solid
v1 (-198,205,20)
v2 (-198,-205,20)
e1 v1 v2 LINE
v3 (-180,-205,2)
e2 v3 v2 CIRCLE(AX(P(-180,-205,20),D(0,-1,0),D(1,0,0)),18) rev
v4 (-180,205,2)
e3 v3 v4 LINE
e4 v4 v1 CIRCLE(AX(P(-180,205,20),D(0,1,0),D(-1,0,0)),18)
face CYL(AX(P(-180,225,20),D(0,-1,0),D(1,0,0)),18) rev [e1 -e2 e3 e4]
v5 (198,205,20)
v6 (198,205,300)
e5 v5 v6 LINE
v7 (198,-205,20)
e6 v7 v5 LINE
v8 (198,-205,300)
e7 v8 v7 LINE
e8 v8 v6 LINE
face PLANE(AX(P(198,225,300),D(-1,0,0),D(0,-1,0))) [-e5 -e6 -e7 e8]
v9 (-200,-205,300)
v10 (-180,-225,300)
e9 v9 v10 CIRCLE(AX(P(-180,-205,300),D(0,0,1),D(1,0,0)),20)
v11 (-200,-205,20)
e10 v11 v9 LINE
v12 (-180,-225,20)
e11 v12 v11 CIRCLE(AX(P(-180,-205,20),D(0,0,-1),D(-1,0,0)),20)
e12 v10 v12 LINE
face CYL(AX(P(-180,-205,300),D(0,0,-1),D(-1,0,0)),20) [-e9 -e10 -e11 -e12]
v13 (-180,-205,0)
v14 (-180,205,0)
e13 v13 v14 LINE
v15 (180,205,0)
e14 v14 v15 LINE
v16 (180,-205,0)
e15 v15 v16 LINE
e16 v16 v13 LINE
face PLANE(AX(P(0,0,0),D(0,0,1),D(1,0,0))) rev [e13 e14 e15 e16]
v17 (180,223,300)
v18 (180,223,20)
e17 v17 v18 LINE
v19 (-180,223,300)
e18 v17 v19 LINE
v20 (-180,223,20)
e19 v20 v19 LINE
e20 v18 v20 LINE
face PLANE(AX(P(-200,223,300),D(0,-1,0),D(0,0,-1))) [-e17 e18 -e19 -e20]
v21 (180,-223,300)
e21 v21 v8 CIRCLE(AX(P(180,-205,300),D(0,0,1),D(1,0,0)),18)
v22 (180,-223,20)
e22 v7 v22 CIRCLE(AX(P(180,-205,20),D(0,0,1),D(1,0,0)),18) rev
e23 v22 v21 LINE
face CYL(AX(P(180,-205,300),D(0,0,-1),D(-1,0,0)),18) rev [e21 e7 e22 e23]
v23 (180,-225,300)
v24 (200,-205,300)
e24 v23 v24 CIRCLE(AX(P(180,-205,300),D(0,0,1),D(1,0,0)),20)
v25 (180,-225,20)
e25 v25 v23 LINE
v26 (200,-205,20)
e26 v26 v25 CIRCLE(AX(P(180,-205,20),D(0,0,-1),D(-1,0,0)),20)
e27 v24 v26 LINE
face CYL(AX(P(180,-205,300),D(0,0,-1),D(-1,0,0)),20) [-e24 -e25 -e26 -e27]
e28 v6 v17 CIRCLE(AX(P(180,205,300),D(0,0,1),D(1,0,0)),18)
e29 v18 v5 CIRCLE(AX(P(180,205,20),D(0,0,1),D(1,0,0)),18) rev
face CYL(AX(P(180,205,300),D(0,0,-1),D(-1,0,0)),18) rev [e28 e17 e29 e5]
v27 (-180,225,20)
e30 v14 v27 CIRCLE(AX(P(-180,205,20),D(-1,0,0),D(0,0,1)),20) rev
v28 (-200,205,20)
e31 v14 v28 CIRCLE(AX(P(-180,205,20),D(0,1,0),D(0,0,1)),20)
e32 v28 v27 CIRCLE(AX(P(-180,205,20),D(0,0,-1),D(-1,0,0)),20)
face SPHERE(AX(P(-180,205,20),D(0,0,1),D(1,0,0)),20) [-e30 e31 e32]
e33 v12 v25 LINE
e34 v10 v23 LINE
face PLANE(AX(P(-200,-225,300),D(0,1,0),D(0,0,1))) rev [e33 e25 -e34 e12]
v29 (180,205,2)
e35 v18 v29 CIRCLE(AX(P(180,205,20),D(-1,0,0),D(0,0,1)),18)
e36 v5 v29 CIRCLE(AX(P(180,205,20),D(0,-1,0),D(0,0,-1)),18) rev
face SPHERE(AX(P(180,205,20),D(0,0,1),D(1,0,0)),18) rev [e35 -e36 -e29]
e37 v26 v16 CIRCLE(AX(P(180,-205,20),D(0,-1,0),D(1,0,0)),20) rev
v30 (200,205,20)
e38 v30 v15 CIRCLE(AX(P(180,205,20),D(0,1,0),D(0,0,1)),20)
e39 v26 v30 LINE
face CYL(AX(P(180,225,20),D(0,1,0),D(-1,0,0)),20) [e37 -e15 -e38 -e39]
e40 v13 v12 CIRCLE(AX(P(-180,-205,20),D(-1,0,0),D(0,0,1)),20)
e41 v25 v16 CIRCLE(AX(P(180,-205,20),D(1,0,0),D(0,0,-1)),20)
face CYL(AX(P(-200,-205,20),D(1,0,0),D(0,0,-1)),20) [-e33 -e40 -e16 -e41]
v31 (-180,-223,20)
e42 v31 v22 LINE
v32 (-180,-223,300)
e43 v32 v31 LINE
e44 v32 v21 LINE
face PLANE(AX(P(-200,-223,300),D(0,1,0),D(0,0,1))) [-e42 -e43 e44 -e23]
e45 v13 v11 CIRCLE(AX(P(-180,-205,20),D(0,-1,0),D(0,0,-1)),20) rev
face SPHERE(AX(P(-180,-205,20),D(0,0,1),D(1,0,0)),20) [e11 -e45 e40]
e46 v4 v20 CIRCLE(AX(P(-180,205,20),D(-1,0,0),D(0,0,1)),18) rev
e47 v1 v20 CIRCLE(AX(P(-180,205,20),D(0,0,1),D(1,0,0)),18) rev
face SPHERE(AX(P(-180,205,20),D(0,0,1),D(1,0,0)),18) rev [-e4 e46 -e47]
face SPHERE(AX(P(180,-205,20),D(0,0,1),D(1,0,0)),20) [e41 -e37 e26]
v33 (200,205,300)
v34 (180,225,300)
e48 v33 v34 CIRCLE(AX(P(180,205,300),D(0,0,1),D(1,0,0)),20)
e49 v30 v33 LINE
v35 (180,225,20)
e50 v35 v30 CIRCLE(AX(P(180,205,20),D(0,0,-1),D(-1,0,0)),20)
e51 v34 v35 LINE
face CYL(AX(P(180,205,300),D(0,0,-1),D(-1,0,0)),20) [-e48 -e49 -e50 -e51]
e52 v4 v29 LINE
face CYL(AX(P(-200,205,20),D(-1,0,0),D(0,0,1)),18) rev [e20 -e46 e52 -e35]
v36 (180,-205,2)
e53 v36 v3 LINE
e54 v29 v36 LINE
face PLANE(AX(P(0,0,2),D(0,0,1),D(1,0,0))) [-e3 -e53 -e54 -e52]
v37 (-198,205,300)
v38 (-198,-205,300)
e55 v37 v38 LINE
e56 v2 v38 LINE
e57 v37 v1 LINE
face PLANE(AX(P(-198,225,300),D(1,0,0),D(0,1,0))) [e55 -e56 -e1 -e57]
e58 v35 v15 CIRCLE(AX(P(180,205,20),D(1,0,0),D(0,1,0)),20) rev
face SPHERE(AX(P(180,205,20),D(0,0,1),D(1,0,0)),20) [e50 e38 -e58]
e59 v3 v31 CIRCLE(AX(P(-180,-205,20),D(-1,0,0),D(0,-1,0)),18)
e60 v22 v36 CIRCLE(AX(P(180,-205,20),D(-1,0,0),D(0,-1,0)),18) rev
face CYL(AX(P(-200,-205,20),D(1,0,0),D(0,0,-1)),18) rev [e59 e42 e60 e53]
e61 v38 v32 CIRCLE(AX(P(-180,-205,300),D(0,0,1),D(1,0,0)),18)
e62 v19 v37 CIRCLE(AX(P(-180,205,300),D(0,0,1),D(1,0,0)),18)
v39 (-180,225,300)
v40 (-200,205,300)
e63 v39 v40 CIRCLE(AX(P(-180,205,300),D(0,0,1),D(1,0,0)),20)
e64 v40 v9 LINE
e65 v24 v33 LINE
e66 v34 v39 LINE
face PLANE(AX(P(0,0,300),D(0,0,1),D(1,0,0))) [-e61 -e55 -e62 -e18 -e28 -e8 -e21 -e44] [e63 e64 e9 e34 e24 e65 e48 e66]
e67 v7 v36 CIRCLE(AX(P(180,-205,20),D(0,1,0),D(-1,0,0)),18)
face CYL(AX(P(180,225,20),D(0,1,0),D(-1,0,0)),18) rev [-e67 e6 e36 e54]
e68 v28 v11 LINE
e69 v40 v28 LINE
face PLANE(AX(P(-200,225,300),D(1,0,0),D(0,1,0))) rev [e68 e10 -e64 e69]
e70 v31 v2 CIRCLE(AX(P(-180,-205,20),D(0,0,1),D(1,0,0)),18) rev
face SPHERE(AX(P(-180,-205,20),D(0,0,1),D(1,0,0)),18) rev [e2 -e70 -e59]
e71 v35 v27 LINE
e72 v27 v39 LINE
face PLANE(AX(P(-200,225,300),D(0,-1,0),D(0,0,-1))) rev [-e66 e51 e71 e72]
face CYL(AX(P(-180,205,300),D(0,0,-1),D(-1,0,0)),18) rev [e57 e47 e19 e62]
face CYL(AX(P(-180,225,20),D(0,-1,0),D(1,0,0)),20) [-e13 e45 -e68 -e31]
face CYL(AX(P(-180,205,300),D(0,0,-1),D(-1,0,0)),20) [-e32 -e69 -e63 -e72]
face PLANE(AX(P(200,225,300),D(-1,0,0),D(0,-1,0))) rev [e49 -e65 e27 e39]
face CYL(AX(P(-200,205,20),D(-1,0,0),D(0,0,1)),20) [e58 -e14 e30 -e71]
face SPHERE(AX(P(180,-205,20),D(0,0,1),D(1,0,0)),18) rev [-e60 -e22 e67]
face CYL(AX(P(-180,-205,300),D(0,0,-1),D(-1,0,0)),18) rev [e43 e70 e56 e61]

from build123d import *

# Parameters (mm, degrees)
SKIZZE1_W                       = 400
SKIZZE1_H                       = 450
AUFSATZ_LINEAR_AUSTRAGEN1_DEPTH = 300
VERRUNDUNG2_R                   = 20
WANDUNG1_T                      = -2


with BuildPart() as part:
    # Skizze1 → Aufsatz-Linear austragen1 (new body)
    with BuildSketch(Plane.XY):
        Rectangle(SKIZZE1_W, SKIZZE1_H)
    extrude(amount=AUFSATZ_LINEAR_AUSTRAGEN1_DEPTH)

    # Verrundung2
    verrundung2_edges = [part.edges().sort_by_distance(p)[0] for p in [
        (0, -225, 0),
        (-200, 0, 0),
        (0, 225, 0),
        (200, 0, 0),
        (200, -225, 150),
        (-200, -225, 150),
        (-200, 225, 150),
        (200, 225, 150),
    ]]
    fillet(verrundung2_edges, radius=VERRUNDUNG2_R)

    # Wandung1
    wandung1_openings = [part.faces().sort_by_distance(p)[0] for p in [
        (0, 0, 300),
    ]]
    offset(amount=WANDUNG1_T, openings=wandung1_openings, kind=Kind.INTERSECTION)


solid = part.part
